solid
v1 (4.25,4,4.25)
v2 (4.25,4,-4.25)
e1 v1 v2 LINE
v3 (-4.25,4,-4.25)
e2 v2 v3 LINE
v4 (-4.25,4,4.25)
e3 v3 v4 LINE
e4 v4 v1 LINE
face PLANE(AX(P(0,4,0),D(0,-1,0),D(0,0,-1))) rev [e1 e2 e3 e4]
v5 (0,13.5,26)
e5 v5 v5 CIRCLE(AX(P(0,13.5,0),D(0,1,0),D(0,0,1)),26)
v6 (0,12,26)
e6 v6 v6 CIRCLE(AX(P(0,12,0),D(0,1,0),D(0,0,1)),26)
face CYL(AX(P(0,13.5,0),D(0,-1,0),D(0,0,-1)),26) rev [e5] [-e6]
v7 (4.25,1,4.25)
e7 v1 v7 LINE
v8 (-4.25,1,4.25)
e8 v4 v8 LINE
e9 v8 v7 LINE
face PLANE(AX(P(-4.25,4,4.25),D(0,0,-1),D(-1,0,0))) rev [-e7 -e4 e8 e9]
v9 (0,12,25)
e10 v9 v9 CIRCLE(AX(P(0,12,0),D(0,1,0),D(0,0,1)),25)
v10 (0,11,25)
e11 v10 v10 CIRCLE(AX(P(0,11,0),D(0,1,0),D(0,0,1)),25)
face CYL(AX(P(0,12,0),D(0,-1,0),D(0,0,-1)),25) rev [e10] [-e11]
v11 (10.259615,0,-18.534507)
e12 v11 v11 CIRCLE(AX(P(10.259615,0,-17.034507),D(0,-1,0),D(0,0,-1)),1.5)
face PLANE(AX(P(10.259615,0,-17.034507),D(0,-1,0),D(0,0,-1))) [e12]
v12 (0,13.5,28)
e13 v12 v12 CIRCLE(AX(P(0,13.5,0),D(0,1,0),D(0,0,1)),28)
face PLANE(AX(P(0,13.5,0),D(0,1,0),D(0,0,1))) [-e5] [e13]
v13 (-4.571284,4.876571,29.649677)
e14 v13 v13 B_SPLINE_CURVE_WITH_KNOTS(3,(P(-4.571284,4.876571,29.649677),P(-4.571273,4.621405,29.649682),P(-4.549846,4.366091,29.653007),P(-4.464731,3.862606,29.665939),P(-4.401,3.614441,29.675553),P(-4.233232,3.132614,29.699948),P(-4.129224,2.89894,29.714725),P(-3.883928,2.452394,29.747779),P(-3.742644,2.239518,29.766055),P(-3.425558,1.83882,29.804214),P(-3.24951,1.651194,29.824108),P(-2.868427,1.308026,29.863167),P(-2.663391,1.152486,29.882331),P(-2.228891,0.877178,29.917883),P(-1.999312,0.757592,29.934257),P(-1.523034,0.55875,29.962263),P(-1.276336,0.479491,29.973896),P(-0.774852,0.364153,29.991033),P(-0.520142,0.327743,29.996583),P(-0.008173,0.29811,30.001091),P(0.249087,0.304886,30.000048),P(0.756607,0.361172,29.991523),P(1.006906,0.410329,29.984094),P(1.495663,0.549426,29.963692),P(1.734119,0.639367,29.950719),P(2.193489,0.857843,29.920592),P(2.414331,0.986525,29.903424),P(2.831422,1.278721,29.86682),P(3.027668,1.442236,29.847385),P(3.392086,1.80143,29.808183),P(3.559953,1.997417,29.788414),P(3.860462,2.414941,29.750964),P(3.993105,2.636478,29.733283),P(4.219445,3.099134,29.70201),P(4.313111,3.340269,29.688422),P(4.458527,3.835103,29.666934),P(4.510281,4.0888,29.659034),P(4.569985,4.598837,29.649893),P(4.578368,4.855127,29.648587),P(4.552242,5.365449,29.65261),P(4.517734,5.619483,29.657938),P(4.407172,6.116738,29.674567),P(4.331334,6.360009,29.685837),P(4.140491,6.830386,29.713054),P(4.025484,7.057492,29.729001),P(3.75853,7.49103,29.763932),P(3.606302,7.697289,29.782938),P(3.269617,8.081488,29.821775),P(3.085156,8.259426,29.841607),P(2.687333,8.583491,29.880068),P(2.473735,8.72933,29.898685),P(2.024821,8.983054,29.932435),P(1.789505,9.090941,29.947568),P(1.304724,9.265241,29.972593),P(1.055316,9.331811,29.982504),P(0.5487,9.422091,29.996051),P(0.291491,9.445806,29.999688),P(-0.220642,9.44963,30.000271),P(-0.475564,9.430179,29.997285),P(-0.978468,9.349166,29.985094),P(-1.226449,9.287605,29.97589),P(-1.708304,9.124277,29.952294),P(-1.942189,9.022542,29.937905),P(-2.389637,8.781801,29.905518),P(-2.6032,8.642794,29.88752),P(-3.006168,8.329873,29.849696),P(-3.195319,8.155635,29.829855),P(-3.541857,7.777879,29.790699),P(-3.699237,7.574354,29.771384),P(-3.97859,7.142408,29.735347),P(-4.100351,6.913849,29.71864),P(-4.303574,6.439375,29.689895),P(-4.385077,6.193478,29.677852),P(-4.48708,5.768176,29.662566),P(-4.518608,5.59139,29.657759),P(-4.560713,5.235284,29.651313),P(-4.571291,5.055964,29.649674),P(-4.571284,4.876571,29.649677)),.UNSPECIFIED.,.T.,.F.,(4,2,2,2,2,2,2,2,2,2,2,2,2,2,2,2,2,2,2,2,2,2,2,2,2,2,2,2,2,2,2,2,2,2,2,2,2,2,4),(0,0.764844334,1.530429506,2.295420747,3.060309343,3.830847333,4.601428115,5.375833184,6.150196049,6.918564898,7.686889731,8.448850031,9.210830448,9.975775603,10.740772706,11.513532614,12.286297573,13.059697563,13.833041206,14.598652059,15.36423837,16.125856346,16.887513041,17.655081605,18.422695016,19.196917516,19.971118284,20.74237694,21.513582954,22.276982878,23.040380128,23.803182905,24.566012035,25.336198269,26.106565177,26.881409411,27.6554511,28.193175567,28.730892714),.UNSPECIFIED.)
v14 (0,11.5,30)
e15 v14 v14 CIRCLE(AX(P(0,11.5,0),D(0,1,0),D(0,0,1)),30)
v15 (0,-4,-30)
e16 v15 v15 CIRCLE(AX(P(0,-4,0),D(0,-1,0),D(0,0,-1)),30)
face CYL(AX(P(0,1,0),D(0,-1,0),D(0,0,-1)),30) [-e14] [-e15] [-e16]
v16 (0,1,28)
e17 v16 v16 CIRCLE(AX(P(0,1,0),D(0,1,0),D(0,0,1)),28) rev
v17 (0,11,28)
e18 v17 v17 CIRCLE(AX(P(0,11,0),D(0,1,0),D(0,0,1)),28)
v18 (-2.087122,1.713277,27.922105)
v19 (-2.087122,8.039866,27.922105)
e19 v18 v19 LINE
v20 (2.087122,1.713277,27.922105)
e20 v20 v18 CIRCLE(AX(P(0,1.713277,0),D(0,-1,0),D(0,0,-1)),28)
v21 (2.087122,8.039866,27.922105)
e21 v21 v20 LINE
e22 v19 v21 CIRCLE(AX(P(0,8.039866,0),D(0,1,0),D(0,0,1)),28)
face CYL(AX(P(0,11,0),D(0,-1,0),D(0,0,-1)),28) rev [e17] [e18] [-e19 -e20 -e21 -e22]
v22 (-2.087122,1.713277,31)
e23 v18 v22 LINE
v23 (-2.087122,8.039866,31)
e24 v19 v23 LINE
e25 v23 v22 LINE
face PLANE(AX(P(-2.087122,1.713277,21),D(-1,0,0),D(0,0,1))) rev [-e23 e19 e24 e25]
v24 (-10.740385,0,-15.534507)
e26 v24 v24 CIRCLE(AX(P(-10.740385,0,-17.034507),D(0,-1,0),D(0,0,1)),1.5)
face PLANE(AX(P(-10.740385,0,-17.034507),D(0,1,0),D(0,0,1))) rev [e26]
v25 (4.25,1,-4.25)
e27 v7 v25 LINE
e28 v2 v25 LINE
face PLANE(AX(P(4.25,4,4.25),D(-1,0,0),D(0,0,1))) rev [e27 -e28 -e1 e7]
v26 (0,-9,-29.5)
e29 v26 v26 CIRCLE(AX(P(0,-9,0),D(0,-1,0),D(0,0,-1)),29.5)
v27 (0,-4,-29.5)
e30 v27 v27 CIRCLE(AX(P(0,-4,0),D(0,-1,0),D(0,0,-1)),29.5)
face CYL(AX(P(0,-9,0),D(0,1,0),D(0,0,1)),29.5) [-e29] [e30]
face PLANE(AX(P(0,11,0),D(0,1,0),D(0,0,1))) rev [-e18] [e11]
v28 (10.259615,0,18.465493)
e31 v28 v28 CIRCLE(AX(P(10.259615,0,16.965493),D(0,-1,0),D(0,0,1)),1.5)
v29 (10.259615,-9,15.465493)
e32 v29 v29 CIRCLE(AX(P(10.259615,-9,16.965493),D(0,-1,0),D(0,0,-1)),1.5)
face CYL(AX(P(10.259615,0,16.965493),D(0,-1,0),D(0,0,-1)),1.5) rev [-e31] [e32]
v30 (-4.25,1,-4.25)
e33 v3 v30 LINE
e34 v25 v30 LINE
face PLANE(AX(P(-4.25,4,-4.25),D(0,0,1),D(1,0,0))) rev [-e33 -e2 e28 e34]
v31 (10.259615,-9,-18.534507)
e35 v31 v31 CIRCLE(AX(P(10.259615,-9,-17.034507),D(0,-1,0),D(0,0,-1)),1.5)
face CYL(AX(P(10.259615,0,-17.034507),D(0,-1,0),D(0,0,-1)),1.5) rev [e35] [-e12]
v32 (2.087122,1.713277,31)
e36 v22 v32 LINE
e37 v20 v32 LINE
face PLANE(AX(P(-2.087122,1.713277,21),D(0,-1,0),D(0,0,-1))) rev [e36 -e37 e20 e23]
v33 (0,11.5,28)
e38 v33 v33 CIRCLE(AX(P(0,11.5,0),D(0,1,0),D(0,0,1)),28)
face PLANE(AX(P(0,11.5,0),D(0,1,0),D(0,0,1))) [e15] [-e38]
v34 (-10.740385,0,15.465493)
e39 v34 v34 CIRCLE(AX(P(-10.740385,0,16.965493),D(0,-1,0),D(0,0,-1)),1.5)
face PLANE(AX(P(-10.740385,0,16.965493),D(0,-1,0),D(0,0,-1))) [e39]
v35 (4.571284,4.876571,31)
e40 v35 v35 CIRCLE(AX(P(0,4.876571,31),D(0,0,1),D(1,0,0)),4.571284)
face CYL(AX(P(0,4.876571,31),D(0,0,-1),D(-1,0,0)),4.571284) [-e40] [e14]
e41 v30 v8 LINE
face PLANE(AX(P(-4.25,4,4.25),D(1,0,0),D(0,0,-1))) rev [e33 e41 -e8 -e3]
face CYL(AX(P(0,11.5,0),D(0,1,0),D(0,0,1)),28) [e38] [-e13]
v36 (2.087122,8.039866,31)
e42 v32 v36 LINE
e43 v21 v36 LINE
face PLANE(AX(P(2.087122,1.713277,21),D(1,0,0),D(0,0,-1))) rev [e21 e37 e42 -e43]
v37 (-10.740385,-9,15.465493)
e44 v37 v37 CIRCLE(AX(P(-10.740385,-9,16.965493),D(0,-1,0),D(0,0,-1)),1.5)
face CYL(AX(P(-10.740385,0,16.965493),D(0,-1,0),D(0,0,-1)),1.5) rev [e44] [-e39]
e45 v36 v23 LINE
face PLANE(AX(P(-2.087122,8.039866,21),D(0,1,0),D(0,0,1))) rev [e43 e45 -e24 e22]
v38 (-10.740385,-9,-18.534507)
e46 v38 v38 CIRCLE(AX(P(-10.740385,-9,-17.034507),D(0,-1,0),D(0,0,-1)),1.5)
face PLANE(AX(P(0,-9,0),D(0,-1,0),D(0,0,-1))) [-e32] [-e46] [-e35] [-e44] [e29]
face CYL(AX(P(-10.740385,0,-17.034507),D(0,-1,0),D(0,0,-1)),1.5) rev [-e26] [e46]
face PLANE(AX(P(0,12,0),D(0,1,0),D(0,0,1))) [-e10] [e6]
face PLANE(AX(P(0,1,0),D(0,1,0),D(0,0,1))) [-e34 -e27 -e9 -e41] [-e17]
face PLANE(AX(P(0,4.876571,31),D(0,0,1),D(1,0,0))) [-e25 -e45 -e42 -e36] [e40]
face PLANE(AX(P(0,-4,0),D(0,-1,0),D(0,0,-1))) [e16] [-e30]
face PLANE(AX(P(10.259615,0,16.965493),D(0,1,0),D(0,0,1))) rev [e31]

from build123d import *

# Parameters (mm, degrees)
SKETCH_1_R          = 30
EXTRUDE_1_DEPTH     = 1
SKETCH_10_R         = 30
SKETCH_10_R_2       = 28
EXTRUDE_4_DEPTH     = 10
SKETCH_11_W         = 8.5
SKETCH_11_H         = 8.5
EXTRUDE_5_DEPTH     = 3
EXTRUDE_START       = 29
SKETCH_17_R         = 4.571283513
EXTRUDE_6_DEPTH     = 2
SKETCH_18_W         = 4.174244664
SKETCH_18_H         = 6.326589568
CUT_EXTRUDE_5_DEPTH = 10
SKETCH_19_R         = 30
SKETCH_19_R_2       = 25
EXTRUDE_7_DEPTH     = 1
SKETCH_23_R         = 30
SKETCH_23_R_2       = 26
EXTRUDE_8_DEPTH     = 1.5
CUT_EXTRUDE_START   = -2
SKETCH_24_R         = 32
SKETCH_24_R_2       = 28
CUT_EXTRUDE_6_DEPTH = 2
EXTRUDE_START_2     = 4
SKETCH_25_R         = 30
EXTRUDE_9_DEPTH     = 4
SKETCH_26_R         = 1.5
CUT_EXTRUDE_7_DEPTH = 4
EXTRUDE_START_3     = 5
SKETCH_27_R         = 29.5
SKETCH_27_R_2       = 1.5
EXTRUDE_10_DEPTH    = 5


with BuildPart() as part:
    # 草图1 → 凸台-拉伸1 (new body)
    with BuildSketch(Plane(origin=(0, 0, 0), x_dir=(1, 0, 0), z_dir=(0, 1, 0))):
        with Locations(Location((0, 0, 0), (0, 0, 270))):
            Circle(SKETCH_1_R)
    extrude(amount=EXTRUDE_1_DEPTH)

    # 草图10 → 凸台-拉伸4 (add)
    with BuildSketch(Plane(origin=(0, 1, 0), x_dir=(1, 0, 0), z_dir=(0, 1, 0))):
        with Locations(Location((0, 0, 0), (0, 0, 270))):
            Circle(SKETCH_10_R)
        with Locations(Location((0, 0, 0), (0, 0, 270))):
            Circle(SKETCH_10_R_2, mode=Mode.SUBTRACT)
    extrude(amount=EXTRUDE_4_DEPTH)

    # 草图11 → 凸台-拉伸5 (add)
    with BuildSketch(Plane(origin=(0, 1, 0), x_dir=(1, 0, 0), z_dir=(0, 1, 0))):
        Rectangle(SKETCH_11_W, SKETCH_11_H)
    extrude(amount=EXTRUDE_5_DEPTH)

    # 草图17 → 凸台-拉伸6 (add)
    with BuildSketch(Plane.XY.offset(EXTRUDE_START)):
        with Locations(Location((0, 4.876571378, 0), (0, 0, 180))):
            Circle(SKETCH_17_R)
    extrude(amount=EXTRUDE_6_DEPTH)

    # 草图18 → 切除-拉伸5 (cut)
    with BuildSketch(Plane.XY.offset(31)):
        with Locations((0, 4.876571378)):
            Rectangle(SKETCH_18_W, SKETCH_18_H)
    extrude(amount=-CUT_EXTRUDE_5_DEPTH, mode=Mode.SUBTRACT)

    # 草图19 → 凸台-拉伸7 (add)
    with BuildSketch(Plane(origin=(0, 11, 0), x_dir=(1, 0, 0), z_dir=(0, 1, 0))):
        with Locations(Location((0, 0, 0), (0, 0, 270))):
            Circle(SKETCH_19_R)
        with Locations(Location((0, 0, 0), (0, 0, 270))):
            Circle(SKETCH_19_R_2, mode=Mode.SUBTRACT)
    extrude(amount=EXTRUDE_7_DEPTH)

    # 草图23 → 凸台-拉伸8 (add)
    with BuildSketch(Plane(origin=(0, 12, 0), x_dir=(1, 0, 0), z_dir=(0, 1, 0))):
        with Locations(Location((0, 0, 0), (0, 0, 270))):
            Circle(SKETCH_23_R)
        with Locations(Location((0, 0, 0), (0, 0, 270))):
            Circle(SKETCH_23_R_2, mode=Mode.SUBTRACT)
    extrude(amount=EXTRUDE_8_DEPTH)

    # 草图24 → 切除-拉伸6 (cut)
    with BuildSketch(Plane(origin=(0, 13.5, 0), x_dir=(1, 0, 0), z_dir=(0, 1, 0)).offset(CUT_EXTRUDE_START)):
        Circle(SKETCH_24_R)
        with Locations(Location((0, 0, 0), (0, 0, 270))):
            Circle(SKETCH_24_R_2, mode=Mode.SUBTRACT)
    extrude(amount=CUT_EXTRUDE_6_DEPTH, mode=Mode.SUBTRACT)

    # 草图25 → 凸台-拉伸9 (add)
    with BuildSketch(Plane.XZ.offset(EXTRUDE_START_2)):
        with Locations(Location((0, 0, 0), (0, 0, 270))):
            Circle(SKETCH_25_R)
    extrude(amount=-EXTRUDE_9_DEPTH)

    # 草图26 → 切除-拉伸7 (cut)
    with BuildSketch(Plane(origin=(0, -4, 0), x_dir=(-1, 0, 0), z_dir=(0, -1, 0))):
        with Locations(Location((-10.25961511, 17.034507364, 0), (0, 0, 90))):
            Circle(SKETCH_26_R)
        with Locations(Location((10.74038489, 17.034507364, 0), (0, 0, 270))):
            Circle(SKETCH_26_R)
        with Locations(Location((10.74038489, -16.965492636, 0), (0, 0, 90))):
            Circle(SKETCH_26_R)
        with Locations(Location((-10.25961511, -16.965492636, 0), (0, 0, 270))):
            Circle(SKETCH_26_R)
    extrude(amount=-CUT_EXTRUDE_7_DEPTH, mode=Mode.SUBTRACT)

    # 草图27 → 凸台-拉伸10 (add)
    with BuildSketch(Plane.XZ.offset(4).offset(EXTRUDE_START_3)):
        with Locations(Location((0, 0, 0), (0, 0, 270))):
            Circle(SKETCH_27_R)
        with Locations(Location((-10.74038489, 16.965492636, 0), (0, 0, 270))):
            Circle(SKETCH_27_R_2, mode=Mode.SUBTRACT)
        with Locations(Location((-10.74038489, -17.034507364, 0), (0, 0, 270))):
            Circle(SKETCH_27_R_2, mode=Mode.SUBTRACT)
        with Locations(Location((10.25961511, -17.034507364, 0), (0, 0, 270))):
            Circle(SKETCH_27_R_2, mode=Mode.SUBTRACT)
        with Locations(Location((10.25961511, 16.965492636, 0), (0, 0, 270))):
            Circle(SKETCH_27_R_2, mode=Mode.SUBTRACT)
    extrude(amount=-EXTRUDE_10_DEPTH)


solid = part.part
